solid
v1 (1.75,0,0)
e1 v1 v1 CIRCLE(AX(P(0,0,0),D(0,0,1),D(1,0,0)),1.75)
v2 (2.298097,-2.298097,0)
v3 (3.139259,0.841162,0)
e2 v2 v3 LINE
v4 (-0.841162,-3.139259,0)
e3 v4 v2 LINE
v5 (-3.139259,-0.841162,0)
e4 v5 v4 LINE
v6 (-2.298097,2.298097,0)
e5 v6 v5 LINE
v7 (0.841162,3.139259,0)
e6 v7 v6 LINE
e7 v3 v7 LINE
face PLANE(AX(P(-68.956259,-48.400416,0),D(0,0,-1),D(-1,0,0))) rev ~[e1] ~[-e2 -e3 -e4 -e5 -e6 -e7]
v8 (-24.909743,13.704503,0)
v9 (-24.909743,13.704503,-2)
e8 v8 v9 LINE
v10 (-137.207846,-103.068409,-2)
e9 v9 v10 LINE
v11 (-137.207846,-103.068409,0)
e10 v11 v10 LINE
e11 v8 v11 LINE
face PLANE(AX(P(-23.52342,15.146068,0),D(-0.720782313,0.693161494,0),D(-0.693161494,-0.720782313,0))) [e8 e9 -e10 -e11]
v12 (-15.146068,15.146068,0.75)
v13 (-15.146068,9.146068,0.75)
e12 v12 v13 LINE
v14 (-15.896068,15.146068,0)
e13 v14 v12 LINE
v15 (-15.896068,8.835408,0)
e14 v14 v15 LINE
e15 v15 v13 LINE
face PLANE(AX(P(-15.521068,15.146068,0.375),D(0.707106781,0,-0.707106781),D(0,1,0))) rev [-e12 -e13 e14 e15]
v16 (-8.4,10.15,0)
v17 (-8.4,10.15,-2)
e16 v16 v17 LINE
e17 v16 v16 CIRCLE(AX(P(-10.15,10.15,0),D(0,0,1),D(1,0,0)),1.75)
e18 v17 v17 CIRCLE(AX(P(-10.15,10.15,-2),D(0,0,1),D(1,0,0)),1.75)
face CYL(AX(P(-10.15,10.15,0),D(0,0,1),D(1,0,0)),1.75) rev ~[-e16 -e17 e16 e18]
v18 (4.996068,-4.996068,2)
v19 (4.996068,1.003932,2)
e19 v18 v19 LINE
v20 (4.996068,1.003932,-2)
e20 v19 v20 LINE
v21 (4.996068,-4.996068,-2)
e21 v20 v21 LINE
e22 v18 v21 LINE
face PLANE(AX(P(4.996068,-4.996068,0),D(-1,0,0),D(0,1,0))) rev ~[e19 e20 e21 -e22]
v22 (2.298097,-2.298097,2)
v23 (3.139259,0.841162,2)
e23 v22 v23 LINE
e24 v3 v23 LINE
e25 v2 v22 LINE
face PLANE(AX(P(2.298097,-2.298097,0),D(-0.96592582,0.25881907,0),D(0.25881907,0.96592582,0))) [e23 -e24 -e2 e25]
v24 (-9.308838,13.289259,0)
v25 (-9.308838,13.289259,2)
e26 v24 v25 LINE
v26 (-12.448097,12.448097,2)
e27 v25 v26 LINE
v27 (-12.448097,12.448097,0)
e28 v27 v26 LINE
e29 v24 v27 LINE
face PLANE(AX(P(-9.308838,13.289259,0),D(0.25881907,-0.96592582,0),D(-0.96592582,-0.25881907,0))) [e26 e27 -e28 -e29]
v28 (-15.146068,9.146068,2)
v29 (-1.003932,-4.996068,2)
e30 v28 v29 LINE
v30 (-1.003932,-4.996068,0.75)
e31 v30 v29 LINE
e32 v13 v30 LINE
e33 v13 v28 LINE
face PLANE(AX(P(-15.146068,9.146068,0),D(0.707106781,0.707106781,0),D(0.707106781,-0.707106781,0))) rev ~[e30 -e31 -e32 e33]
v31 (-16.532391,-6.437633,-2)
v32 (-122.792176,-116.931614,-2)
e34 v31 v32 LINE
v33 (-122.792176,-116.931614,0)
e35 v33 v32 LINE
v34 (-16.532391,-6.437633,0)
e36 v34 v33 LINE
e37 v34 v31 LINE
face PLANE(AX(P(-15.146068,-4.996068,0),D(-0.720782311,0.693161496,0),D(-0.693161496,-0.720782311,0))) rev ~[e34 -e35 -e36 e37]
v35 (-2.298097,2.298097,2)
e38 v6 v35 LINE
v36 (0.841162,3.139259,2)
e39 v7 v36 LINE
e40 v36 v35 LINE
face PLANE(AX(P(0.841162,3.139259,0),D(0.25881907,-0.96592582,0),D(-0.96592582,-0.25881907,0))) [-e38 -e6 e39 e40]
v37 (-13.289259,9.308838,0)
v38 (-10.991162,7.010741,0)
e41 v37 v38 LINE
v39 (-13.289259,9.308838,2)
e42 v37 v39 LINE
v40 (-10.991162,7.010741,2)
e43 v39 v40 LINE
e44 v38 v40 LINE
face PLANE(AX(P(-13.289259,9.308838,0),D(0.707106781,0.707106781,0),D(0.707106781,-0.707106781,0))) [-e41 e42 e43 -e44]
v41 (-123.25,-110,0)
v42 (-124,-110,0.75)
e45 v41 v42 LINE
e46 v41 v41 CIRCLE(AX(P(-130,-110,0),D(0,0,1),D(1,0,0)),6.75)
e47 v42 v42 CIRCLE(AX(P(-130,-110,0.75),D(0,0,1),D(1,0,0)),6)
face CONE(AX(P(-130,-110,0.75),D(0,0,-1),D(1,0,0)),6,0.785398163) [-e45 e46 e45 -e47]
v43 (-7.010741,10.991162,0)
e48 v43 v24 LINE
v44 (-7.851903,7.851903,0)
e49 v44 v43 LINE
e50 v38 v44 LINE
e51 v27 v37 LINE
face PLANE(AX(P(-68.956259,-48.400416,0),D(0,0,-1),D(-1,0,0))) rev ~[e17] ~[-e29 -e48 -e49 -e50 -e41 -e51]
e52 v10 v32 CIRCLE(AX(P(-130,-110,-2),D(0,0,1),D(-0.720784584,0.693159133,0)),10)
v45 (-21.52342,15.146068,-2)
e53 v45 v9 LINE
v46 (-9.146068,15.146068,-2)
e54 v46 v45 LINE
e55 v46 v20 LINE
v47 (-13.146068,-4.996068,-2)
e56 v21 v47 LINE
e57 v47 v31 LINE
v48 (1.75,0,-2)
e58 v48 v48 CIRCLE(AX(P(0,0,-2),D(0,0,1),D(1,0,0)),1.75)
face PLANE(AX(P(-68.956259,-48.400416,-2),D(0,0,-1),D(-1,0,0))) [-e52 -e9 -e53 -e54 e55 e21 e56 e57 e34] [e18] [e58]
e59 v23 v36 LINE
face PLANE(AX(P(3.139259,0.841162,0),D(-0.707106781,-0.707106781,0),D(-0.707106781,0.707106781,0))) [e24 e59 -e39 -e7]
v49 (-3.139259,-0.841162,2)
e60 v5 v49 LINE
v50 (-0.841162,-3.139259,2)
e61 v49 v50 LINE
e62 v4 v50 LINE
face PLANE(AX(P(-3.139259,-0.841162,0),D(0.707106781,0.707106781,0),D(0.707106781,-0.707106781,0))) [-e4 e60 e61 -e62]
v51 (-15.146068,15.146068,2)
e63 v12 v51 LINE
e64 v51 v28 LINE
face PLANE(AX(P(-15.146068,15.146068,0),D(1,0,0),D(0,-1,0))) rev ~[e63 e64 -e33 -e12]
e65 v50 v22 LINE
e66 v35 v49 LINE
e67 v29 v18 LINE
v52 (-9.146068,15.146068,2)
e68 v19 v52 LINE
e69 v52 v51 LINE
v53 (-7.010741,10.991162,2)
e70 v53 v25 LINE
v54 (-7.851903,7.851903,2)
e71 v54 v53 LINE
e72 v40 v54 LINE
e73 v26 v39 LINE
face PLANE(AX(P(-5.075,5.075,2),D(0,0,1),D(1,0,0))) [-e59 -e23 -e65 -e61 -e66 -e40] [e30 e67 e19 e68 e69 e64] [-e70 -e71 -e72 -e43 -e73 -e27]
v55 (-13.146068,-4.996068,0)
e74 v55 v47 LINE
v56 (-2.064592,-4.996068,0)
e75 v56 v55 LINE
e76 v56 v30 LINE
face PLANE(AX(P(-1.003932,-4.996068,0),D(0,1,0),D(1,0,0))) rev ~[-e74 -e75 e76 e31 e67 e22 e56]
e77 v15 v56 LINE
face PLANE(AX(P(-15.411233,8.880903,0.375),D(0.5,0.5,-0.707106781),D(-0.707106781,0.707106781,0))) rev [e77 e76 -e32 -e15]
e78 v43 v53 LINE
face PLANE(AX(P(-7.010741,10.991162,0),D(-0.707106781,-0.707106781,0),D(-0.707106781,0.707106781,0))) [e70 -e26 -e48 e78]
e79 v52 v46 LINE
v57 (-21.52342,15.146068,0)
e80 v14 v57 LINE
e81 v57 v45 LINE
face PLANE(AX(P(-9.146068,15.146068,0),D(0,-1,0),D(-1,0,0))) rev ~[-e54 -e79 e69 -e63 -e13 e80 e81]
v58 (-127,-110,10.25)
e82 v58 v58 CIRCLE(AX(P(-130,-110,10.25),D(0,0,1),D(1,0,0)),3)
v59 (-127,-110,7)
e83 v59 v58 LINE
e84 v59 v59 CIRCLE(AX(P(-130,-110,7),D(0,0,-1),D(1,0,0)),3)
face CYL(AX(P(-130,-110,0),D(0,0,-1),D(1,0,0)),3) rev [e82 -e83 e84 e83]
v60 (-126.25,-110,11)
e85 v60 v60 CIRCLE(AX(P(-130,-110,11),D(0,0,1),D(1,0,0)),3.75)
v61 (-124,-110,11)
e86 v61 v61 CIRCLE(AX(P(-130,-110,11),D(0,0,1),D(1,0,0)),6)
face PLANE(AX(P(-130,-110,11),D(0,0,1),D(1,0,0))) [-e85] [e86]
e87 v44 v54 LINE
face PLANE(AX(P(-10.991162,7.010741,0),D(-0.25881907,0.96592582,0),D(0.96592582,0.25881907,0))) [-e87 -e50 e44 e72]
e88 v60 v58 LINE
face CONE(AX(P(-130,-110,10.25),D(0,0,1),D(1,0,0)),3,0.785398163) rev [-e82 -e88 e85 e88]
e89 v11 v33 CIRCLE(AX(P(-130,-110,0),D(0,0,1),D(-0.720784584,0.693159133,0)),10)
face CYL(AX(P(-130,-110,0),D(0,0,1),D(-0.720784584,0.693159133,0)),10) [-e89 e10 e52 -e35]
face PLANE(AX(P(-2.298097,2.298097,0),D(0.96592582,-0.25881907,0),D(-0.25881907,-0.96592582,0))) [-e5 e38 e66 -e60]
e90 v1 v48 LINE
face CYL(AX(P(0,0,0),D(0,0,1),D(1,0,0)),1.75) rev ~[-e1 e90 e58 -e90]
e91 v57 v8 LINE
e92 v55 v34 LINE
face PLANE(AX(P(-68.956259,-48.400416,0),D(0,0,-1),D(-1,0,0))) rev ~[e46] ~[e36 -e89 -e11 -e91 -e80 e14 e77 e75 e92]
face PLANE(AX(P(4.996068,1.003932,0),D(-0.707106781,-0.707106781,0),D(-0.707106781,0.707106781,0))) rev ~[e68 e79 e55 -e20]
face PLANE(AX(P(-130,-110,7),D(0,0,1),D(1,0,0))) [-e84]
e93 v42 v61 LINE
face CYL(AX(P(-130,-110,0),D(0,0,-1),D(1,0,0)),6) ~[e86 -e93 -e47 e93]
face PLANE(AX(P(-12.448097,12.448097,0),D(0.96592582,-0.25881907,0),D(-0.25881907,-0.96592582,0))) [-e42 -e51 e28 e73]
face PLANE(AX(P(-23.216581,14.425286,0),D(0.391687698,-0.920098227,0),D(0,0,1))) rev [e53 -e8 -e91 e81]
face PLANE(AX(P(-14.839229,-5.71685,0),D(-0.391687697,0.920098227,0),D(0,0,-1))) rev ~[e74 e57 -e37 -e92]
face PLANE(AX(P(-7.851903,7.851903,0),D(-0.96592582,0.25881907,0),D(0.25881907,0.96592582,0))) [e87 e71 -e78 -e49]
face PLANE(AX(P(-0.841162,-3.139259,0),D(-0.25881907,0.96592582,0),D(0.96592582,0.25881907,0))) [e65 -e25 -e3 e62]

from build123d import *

# Parameters (mm, degrees)
SKETCH_R        = 1.75
PAD_DEPTH       = 2
PAD001_DEPTH    = 2
SKETCH002_R     = 3.25
PAD002_DEPTH    = 7
SKETCH003_R     = 6
SKETCH003_R_2   = 3
PAD003_DEPTH    = 11
CHAMFER_SIZE    = 2
CHAMFER001_SIZE = 0.75


with BuildPart() as part:
    # Sketch → Pad (new body)
    with BuildSketch(Plane.XY):
        with BuildLine():
            Line((-15.146068, 15.146068), (-9.146068, 15.146068))
            Line((-9.146068, 15.146068), (4.996068, 1.003932))
            Line((4.996068, 1.003932), (4.996068, -4.996068))
            Line((4.996068, -4.996068), (-15.146068, -4.996068))
            Line((-15.146068, -4.996068), (-122.792176, -116.931614))
            ThreePointArc((-137.207846, -103.068409), (-136.931603, -117.207835), (-122.792176, -116.931614))
            Line((-23.52342, 15.146068), (-137.207846, -103.068409))
            Line((-15.146068, 15.146068), (-23.52342, 15.146068))
        make_face()
        Circle(SKETCH_R, mode=Mode.SUBTRACT)
        with Locations((-10.15, 10.15)):
            Circle(SKETCH_R, mode=Mode.SUBTRACT)
    extrude(amount=-PAD_DEPTH)

    # Sketch001 → Pad001 (join)
    with BuildSketch(Plane.XY):
        Polygon((-9.146068, 15.146068), (-15.146068, 15.146068), (-15.146068, 9.146068), (-1.003932, -4.996068), (4.996068, -4.996068), (4.996068, 1.003932), align=None)
        Polygon((-0.841162, -3.139259), (2.298097, -2.298097), (3.139259, 0.841162), (0.841162, 3.139259), (-2.298097, 2.298097), (-3.139259, -0.841162), align=None, mode=Mode.SUBTRACT)
        Polygon((-7.851903, 7.851903), (-7.010741, 10.991162), (-9.308838, 13.289259), (-12.448097, 12.448097), (-13.289259, 9.308838), (-10.991162, 7.010741), align=None, mode=Mode.SUBTRACT)
    extrude(amount=PAD001_DEPTH)

    # Sketch002 → Pad002 (join)
    with BuildSketch(Plane.XY):
        with Locations((-130, -110)):
            Circle(SKETCH002_R)
    extrude(amount=PAD002_DEPTH)

    # Sketch003 → Pad003 (join)
    with BuildSketch(Plane.XY):
        with Locations((-130, -110)):
            Circle(SKETCH003_R)
        with Locations((-130, -110)):
            Circle(SKETCH003_R_2, mode=Mode.SUBTRACT)
    extrude(amount=PAD003_DEPTH)

    # Chamfer
    chamfer_edges = [part.edges().sort_by_distance(p)[0] for p in [
        (-15.146068, -4.996068, -1),
        (-23.52342, 15.146068, -1),
    ]]
    chamfer(chamfer_edges, length=CHAMFER_SIZE)

    # Chamfer001
    chamfer001_edges = [part.edges().sort_by_distance(p)[0] for p in [
        (-133, -110, 11),
        (-136, -110, 0),
        (-8.075, 2.075, 0),
        (-15.146068, 12.146068, 0),
    ]]
    chamfer(chamfer001_edges, length=CHAMFER001_SIZE)


solid = part.part
